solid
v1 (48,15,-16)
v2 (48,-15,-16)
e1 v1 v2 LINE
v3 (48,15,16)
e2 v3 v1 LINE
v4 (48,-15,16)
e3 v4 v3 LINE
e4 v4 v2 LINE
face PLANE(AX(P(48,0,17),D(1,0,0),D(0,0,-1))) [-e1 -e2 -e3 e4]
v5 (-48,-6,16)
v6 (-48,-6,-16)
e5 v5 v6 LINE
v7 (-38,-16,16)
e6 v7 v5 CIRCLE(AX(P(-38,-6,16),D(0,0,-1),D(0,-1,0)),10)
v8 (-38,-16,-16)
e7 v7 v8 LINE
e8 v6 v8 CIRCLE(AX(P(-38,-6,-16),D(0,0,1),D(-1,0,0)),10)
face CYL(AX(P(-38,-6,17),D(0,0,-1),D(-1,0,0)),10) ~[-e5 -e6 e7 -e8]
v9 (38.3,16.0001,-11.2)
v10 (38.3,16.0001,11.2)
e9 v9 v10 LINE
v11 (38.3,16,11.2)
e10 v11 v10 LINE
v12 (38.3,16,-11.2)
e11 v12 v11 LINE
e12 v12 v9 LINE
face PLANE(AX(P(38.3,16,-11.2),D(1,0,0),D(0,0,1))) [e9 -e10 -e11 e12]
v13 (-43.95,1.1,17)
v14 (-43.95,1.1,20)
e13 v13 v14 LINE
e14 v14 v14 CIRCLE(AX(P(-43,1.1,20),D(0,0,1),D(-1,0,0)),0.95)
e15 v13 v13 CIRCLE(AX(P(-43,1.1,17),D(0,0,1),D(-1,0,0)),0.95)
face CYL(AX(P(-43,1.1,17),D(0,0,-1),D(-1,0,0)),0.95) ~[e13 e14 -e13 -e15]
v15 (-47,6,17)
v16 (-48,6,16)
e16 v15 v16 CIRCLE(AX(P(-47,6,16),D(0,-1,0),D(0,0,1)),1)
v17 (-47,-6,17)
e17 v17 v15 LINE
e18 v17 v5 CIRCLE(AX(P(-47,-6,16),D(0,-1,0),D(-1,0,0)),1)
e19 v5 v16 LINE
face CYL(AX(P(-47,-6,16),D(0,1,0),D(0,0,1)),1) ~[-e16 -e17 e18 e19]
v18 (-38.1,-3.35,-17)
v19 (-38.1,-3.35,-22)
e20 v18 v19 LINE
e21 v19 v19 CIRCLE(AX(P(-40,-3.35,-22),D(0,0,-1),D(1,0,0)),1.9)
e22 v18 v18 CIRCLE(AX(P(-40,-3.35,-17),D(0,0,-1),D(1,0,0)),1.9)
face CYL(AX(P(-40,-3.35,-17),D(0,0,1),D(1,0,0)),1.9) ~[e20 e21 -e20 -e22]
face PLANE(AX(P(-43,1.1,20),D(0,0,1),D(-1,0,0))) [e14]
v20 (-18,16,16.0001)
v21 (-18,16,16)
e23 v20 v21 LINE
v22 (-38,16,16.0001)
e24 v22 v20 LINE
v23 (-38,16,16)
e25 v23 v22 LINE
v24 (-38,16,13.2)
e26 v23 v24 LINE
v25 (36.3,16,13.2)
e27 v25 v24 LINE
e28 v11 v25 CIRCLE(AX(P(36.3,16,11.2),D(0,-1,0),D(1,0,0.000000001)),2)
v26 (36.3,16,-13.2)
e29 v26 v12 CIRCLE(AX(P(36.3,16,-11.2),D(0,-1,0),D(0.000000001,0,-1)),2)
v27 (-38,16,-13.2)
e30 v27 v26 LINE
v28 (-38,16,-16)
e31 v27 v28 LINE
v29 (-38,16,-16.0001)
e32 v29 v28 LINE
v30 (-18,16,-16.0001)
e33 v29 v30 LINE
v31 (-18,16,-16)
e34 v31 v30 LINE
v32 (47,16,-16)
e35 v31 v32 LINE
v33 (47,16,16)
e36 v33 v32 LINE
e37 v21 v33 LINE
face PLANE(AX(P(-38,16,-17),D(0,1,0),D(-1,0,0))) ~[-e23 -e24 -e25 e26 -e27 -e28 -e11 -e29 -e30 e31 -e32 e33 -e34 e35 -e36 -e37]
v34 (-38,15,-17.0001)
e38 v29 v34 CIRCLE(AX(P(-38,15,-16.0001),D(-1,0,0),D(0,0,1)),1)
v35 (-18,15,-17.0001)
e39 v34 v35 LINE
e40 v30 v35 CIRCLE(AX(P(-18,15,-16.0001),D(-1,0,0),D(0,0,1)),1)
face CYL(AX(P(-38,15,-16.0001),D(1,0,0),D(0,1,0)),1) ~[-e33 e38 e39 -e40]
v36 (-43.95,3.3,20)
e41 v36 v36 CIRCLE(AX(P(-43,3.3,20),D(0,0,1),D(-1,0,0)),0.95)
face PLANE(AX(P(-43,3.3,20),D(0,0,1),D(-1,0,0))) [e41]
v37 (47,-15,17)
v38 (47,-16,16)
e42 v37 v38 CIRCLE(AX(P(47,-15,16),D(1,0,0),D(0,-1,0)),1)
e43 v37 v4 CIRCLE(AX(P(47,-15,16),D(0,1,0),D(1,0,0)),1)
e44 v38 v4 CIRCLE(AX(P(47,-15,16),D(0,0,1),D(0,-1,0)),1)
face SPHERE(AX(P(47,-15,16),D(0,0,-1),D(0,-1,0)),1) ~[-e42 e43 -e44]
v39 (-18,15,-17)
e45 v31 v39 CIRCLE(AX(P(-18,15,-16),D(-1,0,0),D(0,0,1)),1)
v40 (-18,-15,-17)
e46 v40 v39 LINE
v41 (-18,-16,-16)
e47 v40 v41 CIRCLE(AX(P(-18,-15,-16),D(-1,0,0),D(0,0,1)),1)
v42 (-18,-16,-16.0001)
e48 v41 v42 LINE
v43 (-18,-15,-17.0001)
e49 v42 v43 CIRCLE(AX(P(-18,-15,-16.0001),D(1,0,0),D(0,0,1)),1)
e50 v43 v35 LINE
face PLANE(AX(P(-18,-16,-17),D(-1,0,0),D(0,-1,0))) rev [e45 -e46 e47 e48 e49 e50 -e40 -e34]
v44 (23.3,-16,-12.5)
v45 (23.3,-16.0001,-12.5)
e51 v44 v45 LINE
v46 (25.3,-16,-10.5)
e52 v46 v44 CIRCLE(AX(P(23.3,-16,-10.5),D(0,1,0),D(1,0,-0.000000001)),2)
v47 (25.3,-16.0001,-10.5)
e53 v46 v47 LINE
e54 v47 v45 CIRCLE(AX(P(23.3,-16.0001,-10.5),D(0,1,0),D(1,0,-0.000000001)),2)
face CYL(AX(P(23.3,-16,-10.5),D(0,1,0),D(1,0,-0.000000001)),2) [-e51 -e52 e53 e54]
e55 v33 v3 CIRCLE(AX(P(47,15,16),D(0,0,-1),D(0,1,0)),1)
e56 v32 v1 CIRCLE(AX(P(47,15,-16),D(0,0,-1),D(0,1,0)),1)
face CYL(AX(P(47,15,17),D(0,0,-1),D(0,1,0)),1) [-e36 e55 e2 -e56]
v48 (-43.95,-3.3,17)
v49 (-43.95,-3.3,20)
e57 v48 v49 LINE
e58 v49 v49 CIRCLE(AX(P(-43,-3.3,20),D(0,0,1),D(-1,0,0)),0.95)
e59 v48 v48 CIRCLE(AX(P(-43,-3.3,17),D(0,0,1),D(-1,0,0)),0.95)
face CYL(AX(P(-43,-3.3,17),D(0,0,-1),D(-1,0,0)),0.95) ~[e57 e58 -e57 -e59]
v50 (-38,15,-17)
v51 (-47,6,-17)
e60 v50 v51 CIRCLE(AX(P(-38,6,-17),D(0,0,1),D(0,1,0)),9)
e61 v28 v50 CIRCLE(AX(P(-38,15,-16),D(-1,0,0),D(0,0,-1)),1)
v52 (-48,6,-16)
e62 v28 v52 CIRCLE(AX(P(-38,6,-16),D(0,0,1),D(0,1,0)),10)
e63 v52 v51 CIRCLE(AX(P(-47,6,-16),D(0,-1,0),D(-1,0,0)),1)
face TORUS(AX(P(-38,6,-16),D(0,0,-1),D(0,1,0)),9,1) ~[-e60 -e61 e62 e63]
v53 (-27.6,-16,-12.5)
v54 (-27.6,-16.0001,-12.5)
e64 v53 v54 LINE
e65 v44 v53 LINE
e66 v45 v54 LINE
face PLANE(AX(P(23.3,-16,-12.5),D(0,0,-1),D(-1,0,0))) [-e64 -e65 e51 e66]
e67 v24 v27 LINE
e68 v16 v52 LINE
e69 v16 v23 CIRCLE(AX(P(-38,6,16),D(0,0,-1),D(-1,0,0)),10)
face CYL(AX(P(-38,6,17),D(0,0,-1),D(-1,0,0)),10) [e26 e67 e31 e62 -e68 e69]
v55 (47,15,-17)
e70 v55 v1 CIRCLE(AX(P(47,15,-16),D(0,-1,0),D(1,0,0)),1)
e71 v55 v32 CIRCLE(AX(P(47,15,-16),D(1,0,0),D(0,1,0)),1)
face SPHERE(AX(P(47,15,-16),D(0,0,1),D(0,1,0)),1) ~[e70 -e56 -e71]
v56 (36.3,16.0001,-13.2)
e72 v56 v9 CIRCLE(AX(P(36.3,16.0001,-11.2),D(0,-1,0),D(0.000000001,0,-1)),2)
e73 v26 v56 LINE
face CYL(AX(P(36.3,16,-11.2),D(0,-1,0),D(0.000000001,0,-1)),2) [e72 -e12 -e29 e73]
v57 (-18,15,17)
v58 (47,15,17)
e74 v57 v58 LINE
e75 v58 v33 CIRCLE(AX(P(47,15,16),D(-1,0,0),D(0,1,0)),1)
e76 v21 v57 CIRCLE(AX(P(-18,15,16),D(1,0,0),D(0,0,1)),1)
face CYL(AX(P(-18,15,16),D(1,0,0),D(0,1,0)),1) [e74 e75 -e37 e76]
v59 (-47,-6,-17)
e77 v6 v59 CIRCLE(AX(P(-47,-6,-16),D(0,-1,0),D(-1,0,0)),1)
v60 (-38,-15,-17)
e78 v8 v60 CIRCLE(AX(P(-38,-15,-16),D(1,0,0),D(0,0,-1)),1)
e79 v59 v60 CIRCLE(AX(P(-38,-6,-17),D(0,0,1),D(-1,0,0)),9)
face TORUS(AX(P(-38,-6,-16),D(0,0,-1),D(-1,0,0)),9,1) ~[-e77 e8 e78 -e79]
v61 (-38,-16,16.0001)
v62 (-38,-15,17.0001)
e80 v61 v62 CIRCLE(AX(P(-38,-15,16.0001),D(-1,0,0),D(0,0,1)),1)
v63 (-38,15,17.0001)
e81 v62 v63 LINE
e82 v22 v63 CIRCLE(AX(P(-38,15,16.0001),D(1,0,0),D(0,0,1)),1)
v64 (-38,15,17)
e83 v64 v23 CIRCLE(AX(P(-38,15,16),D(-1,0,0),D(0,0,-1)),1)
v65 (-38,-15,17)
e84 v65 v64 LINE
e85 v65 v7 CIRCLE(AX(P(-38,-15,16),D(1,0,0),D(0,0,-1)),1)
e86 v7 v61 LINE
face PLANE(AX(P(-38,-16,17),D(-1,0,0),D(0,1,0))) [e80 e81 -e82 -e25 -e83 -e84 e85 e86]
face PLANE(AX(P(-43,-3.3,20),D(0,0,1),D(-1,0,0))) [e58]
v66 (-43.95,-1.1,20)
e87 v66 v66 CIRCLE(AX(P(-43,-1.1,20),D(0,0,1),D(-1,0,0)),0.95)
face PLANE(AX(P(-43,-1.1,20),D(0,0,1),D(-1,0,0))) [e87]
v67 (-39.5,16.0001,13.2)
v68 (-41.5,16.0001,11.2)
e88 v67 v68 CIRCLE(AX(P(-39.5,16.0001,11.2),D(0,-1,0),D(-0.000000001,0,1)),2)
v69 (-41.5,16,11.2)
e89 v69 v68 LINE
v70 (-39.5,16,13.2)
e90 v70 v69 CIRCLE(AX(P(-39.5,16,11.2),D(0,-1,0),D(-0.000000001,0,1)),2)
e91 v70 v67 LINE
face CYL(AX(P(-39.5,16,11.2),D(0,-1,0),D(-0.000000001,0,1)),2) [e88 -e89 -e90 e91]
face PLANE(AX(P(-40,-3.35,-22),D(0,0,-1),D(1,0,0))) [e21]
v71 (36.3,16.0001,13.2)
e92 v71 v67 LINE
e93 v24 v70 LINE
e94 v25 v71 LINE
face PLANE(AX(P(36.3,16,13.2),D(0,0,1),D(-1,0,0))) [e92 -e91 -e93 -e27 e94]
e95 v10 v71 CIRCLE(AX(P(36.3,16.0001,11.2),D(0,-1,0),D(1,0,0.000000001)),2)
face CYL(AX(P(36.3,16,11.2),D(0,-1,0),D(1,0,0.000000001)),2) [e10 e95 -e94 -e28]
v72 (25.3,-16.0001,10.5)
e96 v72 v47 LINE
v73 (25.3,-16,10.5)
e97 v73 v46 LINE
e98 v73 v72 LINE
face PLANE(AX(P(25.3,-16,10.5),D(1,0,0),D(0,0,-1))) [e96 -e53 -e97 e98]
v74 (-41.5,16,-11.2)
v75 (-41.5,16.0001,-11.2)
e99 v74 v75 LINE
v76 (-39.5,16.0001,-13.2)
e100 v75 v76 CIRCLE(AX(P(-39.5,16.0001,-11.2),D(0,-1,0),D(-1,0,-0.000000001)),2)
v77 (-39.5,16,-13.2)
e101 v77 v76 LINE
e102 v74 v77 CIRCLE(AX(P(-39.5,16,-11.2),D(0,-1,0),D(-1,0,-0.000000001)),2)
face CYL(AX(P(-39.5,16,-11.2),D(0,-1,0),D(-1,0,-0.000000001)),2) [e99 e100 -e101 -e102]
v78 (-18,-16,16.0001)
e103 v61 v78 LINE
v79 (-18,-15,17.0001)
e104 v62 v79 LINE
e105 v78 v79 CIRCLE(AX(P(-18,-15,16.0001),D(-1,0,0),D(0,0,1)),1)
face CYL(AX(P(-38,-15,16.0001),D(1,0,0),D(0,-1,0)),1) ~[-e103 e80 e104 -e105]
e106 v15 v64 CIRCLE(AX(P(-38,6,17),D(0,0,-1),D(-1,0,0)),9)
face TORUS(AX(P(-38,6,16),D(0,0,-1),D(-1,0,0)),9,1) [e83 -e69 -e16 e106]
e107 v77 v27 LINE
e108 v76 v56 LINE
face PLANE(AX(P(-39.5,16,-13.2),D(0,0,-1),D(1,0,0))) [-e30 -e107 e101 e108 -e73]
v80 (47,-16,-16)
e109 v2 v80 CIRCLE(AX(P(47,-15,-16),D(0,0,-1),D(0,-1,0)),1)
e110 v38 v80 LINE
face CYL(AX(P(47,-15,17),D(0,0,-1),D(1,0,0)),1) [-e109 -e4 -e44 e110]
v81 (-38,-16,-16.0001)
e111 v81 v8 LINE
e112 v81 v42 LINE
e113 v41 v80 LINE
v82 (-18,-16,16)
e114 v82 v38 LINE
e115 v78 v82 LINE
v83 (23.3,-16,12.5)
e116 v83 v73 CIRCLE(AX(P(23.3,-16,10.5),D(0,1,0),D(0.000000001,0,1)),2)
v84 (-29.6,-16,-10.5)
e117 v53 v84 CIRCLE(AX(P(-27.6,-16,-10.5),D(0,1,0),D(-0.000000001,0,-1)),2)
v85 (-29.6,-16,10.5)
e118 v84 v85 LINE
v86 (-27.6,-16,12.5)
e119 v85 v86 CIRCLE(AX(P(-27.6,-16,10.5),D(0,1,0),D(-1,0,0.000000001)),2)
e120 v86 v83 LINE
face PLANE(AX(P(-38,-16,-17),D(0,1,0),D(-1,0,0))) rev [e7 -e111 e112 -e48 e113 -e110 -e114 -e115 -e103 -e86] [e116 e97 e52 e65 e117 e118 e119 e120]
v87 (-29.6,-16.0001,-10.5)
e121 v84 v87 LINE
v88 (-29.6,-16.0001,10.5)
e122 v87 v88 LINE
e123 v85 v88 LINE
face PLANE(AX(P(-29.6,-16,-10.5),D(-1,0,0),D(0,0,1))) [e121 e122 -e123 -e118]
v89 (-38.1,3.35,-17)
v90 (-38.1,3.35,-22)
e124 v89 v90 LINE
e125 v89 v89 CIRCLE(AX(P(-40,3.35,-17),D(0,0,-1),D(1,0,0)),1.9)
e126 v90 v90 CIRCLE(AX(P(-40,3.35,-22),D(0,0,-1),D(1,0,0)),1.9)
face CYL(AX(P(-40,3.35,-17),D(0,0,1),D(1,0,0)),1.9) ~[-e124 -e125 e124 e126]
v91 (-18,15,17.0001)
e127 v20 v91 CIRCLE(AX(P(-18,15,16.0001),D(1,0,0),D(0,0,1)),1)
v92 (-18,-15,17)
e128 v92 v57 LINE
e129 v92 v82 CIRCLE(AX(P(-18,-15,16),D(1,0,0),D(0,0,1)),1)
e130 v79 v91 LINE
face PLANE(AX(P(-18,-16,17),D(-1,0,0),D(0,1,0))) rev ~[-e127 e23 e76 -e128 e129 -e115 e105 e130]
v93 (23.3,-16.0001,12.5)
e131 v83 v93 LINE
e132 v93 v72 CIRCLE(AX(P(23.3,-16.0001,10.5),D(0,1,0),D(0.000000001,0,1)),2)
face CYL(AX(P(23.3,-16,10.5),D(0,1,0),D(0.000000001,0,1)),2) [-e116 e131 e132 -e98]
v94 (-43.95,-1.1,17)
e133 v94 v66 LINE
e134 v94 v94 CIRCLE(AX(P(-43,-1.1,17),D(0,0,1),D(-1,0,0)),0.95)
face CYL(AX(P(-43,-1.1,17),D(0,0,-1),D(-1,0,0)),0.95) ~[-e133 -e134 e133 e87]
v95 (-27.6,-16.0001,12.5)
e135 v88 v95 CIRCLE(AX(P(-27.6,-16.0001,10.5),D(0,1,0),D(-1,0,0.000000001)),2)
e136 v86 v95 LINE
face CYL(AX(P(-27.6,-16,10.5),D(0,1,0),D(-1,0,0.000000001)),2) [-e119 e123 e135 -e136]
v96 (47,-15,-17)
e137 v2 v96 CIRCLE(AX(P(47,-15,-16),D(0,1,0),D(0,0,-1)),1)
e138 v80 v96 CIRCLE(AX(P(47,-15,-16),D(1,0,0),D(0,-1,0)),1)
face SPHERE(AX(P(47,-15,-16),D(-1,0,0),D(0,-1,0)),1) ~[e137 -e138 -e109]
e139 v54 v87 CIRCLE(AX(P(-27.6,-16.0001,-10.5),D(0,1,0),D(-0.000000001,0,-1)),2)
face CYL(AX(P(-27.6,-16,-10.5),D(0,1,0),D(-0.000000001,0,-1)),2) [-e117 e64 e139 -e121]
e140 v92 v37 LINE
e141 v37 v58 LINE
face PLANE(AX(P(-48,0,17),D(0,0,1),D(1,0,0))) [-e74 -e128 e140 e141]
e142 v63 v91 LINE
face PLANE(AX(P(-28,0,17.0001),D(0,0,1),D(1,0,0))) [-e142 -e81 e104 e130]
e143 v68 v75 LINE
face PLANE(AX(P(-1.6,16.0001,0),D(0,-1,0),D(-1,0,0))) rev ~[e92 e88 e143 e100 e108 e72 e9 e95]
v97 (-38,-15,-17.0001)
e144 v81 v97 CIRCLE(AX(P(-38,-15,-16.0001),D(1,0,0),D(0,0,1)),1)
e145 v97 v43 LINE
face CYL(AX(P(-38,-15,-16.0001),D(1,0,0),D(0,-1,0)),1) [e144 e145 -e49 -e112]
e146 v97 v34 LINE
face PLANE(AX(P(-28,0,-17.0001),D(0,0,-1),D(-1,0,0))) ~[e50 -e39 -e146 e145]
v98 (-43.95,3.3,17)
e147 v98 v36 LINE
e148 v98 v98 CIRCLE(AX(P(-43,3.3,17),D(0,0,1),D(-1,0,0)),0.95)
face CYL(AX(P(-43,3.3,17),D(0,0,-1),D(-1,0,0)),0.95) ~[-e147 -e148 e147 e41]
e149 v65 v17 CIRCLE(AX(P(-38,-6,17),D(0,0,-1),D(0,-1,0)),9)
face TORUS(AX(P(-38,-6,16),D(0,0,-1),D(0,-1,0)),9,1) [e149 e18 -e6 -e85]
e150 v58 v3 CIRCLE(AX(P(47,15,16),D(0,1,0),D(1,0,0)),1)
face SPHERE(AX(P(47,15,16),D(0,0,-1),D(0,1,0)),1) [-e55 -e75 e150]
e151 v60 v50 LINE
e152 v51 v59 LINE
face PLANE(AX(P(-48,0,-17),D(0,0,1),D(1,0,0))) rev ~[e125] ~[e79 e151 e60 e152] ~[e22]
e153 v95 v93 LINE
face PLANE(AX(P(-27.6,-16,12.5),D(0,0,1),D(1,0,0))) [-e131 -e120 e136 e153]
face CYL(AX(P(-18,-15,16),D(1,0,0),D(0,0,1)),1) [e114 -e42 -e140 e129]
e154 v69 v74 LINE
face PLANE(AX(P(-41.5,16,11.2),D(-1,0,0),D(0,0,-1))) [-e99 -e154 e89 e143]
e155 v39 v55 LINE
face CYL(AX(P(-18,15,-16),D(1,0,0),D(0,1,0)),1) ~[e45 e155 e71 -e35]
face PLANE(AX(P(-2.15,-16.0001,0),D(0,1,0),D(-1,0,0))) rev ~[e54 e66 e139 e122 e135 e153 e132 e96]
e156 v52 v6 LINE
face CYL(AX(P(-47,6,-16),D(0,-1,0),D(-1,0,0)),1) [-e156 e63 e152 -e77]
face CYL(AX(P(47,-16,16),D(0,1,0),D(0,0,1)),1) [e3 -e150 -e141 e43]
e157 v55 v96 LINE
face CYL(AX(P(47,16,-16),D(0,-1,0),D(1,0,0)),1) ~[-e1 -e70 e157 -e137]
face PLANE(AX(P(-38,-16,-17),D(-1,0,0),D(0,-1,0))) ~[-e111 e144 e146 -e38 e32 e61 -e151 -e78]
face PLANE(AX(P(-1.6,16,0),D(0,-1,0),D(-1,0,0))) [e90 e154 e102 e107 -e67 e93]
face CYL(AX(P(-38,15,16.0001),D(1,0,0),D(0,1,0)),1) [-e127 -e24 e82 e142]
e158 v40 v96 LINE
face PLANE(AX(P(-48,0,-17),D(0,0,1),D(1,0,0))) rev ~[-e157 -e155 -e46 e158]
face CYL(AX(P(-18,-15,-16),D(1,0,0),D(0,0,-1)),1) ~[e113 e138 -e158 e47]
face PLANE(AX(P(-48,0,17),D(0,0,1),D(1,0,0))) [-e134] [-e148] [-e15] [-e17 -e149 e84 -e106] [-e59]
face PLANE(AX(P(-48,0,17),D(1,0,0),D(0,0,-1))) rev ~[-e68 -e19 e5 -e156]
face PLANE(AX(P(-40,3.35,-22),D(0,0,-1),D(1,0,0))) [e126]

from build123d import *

# Parameters (mm, degrees)
SKETCH1_W           = 96
SKETCH1_H           = 34
BOSS_EXTRUDE1_DEPTH = 16
FILLET1_R           = 10
SKETCH2_R           = 1.9
BOSS_EXTRUDE2_DEPTH = 5
SKETCH4_R           = 0.95
BOSS_EXTRUDE3_DEPTH = 3
SKETCH5_W           = 20
SKETCH5_H           = 32
BOSS_EXTRUDE4_DEPTH = 0.0001
BOSS_EXTRUDE5_DEPTH = 0.0001
BOSS_EXTRUDE6_DEPTH = 0.0001
FILLET7_R           = 1
FILLET8_R           = 1


with BuildPart() as part:
    # Sketch1 → Boss-Extrude1 (new, symmetric)
    with BuildSketch(Plane(origin=(0, 0, 0), x_dir=(1, 0, 0), z_dir=(0, 1, 0))):
        Rectangle(SKETCH1_W, SKETCH1_H)
    extrude(amount=BOSS_EXTRUDE1_DEPTH, both=True)

    # Fillet1
    fillet1_edges = [part.edges().sort_by_distance(p)[0] for p in [
        (-48, 16, 0),
        (-48, -16, 0),
    ]]
    fillet(fillet1_edges, radius=FILLET1_R)

    # Sketch2 → Boss-Extrude2 (add)
    with BuildSketch(Plane(origin=(0, 0, -17), x_dir=(-1, 0, 0), z_dir=(0, 0, -1))):
        with Locations(Location((40, 3.35, 0), (0, 0, 180))):
            Circle(SKETCH2_R)
        with Locations(Location((40, -3.35, 0), (0, 0, 180))):
            Circle(SKETCH2_R)
    extrude(amount=BOSS_EXTRUDE2_DEPTH)

    # Sketch4 → Boss-Extrude3 (add)
    with BuildSketch(Plane.XY.offset(17)):
        with Locations(Location((-43, 3.3, 0), (0, 0, 180))):
            Circle(SKETCH4_R)
        with Locations(Location((-43, 1.1, 0), (0, 0, 180))):
            Circle(SKETCH4_R)
        with Locations(Location((-43, -1.1, 0), (0, 0, 180))):
            Circle(SKETCH4_R)
        with Locations(Location((-43, -3.3, 0), (0, 0, 180))):
            Circle(SKETCH4_R)
    extrude(amount=BOSS_EXTRUDE3_DEPTH)

    # Sketch5 → Boss-Extrude4 (add)
    with BuildSketch(Plane.XY.offset(17)):
        with Locations((-28, 0)):
            Rectangle(SKETCH5_W, SKETCH5_H)
    boss_extrude4 = extrude(amount=BOSS_EXTRUDE4_DEPTH)

    # Mirror1: Boss-Extrude4 across plane
    add(boss_extrude4.mirror(Plane.XY))

    # Mirror1 at the second plane: Boss-Extrude4 across plane
    add(boss_extrude4.mirror(Plane.ZX))

    # Sketch6 → Boss-Extrude5 (add)
    with BuildSketch(Plane(origin=(0, 16, 0), x_dir=(1, 0, 0), z_dir=(0, 1, 0))):
        with BuildLine():
            Line((-39.5, 13.2), (36.3, 13.2))
            ThreePointArc((36.3, 13.2), (37.714213562, 12.614213562), (38.3, 11.2))
            Line((38.3, 11.2), (38.3, -11.2))
            ThreePointArc((38.3, -11.2), (37.714213562, -12.614213562), (36.3, -13.2))
            Line((36.3, -13.2), (-39.5, -13.2))
            ThreePointArc((-39.5, -13.2), (-40.914213562, -12.614213562), (-41.5, -11.2))
            Line((-41.5, -11.2), (-41.5, 11.2))
            ThreePointArc((-41.5, 11.2), (-40.914213562, 12.614213562), (-39.5, 13.2))
        make_face()
    extrude(amount=BOSS_EXTRUDE5_DEPTH)

    # Sketch7 → Boss-Extrude6 (add)
    with BuildSketch(Plane.XZ.offset(16)):
        with BuildLine():
            Line((-27.6, 12.5), (23.3, 12.5))
            ThreePointArc((23.3, 12.5), (24.714213562, 11.914213562), (25.3, 10.5))
            Line((25.3, 10.5), (25.3, -10.5))
            ThreePointArc((25.3, -10.5), (24.714213562, -11.914213562), (23.3, -12.5))
            Line((23.3, -12.5), (-27.6, -12.5))
            ThreePointArc((-27.6, -12.5), (-29.014213562, -11.914213562), (-29.6, -10.5))
            Line((-29.6, -10.5), (-29.6, 10.5))
            ThreePointArc((-29.6, 10.5), (-29.014213562, 11.914213562), (-27.6, 12.5))
        make_face()
    extrude(amount=BOSS_EXTRUDE6_DEPTH)

    # Fillet7
    fillet7_edges = [part.edges().sort_by_distance(p)[0] for p in [
        (48, 16, 0),
        (-48, 0, 17),
        (-48, 0, -17),
        (15, 16, -17),
        (-45.071067812, 13.071067812, 17),
        (-45.071067812, -13.071067812, 17),
        (-45.071067812, 13.071067812, -17),
        (-45.071067812, -13.071067812, -17),
        (15, -16, -17),
        (48, -16, 0),
        (15, -16, 17),
        (15, 16, 17),
        (48, 0, -17),
        (48, 0, 17),
    ]]
    fillet(fillet7_edges, radius=FILLET7_R)

    # Fillet8
    fillet8_edges = [part.edges().sort_by_distance(p)[0] for p in [
        (-28, -16, 17.0001),
        (-28, 16, 17.0001),
        (-28, 16, -17.0001),
        (-28, -16, -17.0001),
    ]]
    fillet(fillet8_edges, radius=FILLET8_R)


solid = part.part
